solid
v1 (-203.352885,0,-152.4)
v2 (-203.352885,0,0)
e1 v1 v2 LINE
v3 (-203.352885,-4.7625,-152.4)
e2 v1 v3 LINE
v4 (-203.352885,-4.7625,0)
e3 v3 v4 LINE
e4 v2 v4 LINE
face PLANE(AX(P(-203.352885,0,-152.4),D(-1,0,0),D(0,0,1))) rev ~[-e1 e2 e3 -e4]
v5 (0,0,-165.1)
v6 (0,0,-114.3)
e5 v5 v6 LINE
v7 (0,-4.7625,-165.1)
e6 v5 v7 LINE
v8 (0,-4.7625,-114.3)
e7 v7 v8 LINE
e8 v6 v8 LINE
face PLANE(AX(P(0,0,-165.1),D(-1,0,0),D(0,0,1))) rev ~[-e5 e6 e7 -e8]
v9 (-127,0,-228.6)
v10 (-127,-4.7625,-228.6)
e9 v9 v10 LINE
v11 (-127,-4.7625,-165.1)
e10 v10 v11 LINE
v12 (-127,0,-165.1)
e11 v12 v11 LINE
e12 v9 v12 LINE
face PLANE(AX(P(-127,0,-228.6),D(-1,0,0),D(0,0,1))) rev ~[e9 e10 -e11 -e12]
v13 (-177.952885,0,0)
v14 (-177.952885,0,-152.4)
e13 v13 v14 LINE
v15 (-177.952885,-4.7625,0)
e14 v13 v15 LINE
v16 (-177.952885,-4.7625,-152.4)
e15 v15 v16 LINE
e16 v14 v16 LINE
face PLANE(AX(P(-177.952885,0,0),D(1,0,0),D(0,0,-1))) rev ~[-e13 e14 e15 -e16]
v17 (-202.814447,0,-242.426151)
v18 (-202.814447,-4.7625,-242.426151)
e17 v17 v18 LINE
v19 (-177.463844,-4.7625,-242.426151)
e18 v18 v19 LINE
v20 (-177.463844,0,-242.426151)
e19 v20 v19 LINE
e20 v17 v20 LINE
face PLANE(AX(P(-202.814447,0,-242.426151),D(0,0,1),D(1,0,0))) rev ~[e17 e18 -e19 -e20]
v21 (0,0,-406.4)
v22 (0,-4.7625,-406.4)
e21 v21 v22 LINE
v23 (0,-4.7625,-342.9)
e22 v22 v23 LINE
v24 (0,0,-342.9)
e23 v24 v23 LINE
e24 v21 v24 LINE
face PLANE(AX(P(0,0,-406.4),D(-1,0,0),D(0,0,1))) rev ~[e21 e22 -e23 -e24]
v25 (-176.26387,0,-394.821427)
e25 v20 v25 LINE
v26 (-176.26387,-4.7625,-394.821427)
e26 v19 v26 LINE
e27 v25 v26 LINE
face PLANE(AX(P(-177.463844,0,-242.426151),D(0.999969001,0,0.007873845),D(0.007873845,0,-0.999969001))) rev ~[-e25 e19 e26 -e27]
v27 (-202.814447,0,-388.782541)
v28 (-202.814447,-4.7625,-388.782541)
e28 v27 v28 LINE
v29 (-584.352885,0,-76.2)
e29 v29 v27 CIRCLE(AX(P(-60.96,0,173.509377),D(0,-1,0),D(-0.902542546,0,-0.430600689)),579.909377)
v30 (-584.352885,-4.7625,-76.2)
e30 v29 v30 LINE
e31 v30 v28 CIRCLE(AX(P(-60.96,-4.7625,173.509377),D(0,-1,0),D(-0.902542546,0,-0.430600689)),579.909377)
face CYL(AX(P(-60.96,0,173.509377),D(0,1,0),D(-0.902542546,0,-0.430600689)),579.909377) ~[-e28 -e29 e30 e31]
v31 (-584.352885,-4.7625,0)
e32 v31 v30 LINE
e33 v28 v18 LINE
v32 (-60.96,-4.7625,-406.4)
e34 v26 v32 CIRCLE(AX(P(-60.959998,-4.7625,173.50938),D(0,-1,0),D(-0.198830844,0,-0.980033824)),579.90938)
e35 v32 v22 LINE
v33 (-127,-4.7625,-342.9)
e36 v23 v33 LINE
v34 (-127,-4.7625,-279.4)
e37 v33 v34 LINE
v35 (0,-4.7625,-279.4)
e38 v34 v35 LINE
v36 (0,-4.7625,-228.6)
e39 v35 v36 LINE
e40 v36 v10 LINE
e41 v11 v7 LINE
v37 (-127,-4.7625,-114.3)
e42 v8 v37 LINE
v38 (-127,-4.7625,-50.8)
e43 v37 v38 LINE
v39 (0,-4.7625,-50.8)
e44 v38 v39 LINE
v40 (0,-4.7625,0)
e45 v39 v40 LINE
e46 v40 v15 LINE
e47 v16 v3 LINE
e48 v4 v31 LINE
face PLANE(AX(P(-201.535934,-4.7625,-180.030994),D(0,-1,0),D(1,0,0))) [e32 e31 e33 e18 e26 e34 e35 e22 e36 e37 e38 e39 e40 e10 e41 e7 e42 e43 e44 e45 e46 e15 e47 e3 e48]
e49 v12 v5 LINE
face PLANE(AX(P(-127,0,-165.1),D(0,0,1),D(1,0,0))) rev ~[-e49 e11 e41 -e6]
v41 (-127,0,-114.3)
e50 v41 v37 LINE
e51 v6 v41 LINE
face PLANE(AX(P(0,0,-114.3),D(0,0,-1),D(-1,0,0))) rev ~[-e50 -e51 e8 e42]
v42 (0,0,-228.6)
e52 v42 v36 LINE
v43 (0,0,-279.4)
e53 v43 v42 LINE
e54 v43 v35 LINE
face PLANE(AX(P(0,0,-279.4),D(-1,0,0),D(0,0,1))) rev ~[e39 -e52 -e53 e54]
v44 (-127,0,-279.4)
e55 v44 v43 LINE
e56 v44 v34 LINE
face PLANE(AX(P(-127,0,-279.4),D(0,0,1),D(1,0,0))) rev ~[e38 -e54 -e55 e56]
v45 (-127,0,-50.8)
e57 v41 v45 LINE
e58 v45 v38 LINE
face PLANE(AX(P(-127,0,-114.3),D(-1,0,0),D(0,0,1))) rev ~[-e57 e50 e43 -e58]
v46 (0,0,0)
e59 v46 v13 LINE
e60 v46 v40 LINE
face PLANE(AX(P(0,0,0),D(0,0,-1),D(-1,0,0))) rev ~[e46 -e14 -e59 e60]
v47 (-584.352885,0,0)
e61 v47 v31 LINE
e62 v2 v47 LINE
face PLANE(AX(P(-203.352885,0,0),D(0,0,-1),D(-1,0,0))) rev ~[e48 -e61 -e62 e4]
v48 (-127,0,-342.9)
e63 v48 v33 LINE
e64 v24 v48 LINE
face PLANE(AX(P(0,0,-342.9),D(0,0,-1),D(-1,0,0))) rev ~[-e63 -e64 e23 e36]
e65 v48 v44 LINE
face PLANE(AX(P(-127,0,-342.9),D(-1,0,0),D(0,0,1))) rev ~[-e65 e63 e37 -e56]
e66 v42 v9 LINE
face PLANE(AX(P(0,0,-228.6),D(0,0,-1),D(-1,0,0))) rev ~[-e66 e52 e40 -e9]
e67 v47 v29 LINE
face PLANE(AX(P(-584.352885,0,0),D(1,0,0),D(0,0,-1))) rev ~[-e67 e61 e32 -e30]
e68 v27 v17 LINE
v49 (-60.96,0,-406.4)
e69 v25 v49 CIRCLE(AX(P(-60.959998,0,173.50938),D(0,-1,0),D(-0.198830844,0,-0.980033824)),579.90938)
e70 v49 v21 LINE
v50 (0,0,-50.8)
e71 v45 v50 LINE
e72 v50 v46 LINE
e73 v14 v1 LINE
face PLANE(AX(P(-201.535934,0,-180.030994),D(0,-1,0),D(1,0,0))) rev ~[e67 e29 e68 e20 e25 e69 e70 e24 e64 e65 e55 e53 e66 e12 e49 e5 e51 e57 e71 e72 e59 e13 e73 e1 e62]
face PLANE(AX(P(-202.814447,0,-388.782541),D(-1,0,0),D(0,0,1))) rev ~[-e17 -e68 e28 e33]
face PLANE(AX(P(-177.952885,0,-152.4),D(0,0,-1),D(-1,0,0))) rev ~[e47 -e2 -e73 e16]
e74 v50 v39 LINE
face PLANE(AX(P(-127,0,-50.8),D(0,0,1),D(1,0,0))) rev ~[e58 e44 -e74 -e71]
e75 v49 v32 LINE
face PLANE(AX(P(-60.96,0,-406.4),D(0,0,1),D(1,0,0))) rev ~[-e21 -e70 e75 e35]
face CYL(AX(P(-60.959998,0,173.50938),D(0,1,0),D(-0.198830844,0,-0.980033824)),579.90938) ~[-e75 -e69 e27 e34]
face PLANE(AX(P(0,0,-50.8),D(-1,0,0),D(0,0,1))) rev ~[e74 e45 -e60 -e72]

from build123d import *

# Parameters (mm, degrees)
F1_DEPTH = 4.7625


with BuildPart() as f1:
    # F0 (on Front) → F1 (new body)
    with BuildSketch(Plane.XZ):
        with BuildLine():
            Line((-203.352885, 0), (-584.352885, 0))
            Line((-584.352885, 0), (-584.352885, -76.2))
            ThreePointArc((-584.352885, -76.2), (-428.472536, -275.076647), (-202.814447, -388.782541))
            Line((-202.814447, -388.782541), (-202.814447, -242.426151))
            Line((-202.814447, -242.426151), (-177.463844, -242.426151))
            Line((-177.463844, -242.426151), (-176.26387, -394.821427))
            ThreePointArc((-176.26387, -394.821427), (-118.90188, -403.498096), (-60.96, -406.4))
            Line((-60.96, -406.4), (0, -406.4))
            Line((0, -406.4), (0, -342.9))
            Line((0, -342.9), (-127, -342.9))
            Line((-127, -342.9), (-127, -279.4))
            Line((-127, -279.4), (0, -279.4))
            Line((0, -279.4), (0, -228.6))
            Line((0, -228.6), (-127, -228.6))
            Line((-127, -228.6), (-127, -165.1))
            Line((-127, -165.1), (0, -165.1))
            Line((0, -165.1), (0, -114.3))
            Line((0, -114.3), (-127, -114.3))
            Line((-127, -114.3), (-127, -50.8))
            Line((-127, -50.8), (0, -50.8))
            Line((0, -50.8), (0, 0))
            Line((0, 0), (-177.952885, 0))
            Line((-177.952885, 0), (-177.952885, -152.4))
            Line((-177.952885, -152.4), (-203.352885, -152.4))
            Line((-203.352885, -152.4), (-203.352885, 0))
        make_face()
    extrude(amount=F1_DEPTH)


solid = f1.part
